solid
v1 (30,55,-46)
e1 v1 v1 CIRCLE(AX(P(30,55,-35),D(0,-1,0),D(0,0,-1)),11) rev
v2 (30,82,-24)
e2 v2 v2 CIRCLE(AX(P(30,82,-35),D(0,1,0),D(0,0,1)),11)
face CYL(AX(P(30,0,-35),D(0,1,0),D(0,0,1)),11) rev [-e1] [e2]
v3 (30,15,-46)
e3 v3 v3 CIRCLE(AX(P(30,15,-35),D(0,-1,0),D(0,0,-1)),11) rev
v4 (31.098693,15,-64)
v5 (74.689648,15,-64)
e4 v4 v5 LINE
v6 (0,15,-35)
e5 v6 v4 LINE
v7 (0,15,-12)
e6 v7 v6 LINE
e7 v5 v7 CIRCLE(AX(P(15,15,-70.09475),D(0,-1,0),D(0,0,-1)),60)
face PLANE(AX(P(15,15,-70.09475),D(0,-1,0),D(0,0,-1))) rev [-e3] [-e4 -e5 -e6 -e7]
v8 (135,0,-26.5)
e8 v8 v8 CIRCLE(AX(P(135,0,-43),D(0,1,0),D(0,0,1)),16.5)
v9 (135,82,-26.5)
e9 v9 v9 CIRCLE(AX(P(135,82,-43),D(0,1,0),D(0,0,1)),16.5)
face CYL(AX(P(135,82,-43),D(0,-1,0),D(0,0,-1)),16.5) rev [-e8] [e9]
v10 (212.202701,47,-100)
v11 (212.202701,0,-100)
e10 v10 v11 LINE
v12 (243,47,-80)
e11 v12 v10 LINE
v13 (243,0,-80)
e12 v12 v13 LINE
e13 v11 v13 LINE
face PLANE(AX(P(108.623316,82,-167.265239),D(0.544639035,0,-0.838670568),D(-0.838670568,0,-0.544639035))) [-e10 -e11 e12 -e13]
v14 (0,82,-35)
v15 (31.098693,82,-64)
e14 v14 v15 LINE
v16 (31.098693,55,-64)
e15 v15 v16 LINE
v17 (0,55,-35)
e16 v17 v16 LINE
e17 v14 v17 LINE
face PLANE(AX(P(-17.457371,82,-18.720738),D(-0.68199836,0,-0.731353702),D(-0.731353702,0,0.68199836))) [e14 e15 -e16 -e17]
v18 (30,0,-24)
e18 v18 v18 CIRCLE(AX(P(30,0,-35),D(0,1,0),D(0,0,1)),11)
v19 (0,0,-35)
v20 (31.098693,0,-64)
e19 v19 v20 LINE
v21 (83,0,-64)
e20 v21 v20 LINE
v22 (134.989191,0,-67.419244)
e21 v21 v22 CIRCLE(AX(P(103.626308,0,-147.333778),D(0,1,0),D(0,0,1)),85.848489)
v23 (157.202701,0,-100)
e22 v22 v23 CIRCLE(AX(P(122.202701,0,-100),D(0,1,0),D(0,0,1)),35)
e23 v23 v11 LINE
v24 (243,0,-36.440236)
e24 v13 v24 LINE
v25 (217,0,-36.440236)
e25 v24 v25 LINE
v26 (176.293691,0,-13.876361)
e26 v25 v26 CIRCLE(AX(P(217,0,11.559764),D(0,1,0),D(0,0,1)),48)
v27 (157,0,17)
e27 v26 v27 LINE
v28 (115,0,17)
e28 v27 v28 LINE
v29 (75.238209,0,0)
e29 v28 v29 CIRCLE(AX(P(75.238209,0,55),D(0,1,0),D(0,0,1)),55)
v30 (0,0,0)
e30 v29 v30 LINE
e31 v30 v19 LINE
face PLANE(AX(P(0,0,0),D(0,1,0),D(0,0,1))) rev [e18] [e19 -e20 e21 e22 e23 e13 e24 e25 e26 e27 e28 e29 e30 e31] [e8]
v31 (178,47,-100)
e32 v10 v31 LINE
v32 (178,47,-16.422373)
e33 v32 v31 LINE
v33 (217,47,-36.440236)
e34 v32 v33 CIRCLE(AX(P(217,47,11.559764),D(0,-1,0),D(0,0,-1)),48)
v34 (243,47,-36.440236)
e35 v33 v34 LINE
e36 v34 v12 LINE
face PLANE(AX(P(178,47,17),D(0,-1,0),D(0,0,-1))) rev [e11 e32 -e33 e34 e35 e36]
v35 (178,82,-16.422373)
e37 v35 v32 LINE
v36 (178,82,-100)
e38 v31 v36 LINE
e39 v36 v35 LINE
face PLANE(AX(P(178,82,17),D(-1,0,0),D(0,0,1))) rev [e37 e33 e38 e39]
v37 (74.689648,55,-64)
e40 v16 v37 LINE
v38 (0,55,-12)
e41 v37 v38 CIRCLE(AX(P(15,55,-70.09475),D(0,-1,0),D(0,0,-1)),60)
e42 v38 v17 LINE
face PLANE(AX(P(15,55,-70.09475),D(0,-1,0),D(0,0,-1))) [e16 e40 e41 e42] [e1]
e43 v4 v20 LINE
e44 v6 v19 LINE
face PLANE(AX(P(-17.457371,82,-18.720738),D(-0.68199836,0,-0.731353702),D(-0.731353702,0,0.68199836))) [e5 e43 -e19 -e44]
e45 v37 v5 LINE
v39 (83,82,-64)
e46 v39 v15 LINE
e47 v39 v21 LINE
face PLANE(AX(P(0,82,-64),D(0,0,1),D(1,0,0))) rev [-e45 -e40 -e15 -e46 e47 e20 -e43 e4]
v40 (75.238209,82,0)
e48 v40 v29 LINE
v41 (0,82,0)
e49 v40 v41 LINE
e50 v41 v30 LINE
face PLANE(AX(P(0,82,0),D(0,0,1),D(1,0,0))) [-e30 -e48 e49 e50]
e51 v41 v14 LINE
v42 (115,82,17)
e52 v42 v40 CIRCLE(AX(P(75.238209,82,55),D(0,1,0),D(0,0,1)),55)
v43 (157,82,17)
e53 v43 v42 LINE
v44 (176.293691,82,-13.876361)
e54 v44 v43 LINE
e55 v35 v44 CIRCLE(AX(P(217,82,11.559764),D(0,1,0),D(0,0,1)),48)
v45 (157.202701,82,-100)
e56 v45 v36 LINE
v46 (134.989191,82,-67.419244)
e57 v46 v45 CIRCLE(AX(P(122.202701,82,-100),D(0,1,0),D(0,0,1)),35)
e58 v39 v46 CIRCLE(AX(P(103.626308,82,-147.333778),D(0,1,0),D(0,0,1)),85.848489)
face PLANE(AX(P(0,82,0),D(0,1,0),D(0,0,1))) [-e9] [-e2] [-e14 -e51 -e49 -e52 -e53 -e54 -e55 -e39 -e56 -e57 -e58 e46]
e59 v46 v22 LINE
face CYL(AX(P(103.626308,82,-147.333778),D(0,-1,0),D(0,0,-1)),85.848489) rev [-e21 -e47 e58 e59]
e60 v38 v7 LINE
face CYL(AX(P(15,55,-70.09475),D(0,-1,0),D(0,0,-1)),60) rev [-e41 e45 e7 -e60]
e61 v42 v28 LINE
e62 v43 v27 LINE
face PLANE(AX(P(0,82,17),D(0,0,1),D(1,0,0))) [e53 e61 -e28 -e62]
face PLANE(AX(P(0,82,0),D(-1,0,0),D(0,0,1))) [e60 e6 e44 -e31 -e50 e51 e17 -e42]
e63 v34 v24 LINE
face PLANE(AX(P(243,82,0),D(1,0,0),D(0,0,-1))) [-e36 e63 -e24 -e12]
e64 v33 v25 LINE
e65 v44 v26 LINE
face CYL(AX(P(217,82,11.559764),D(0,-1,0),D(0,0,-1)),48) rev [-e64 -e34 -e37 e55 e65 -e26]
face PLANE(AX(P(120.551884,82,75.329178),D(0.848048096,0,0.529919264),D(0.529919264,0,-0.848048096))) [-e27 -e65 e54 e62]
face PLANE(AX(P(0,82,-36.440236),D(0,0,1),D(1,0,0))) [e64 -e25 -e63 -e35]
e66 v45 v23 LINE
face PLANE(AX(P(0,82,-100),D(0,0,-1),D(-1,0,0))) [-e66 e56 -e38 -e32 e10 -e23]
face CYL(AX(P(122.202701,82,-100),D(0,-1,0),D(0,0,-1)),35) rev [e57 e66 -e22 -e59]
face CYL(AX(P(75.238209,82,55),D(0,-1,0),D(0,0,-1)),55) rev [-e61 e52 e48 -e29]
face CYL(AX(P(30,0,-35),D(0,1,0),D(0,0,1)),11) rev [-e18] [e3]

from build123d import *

# Parameters (mm, degrees)
SKETCH1_R           = 16.5
BOSS_EXTRUDE1_DEPTH = 82
SKETCH2_R           = 11
CUT_EXTRUDE1_DEPTH  = 276.268959383
SKETCH5_W           = 65
SKETCH5_H           = 35
CUT_EXTRUDE2_DEPTH  = 282.890049487
CUT_EXTRUDE3_DEPTH  = 40


with BuildPart() as part:
    # Sketch1 → Boss-Extrude1 (new body)
    with BuildSketch(Plane(origin=(0, 0, 0), x_dir=(1, 0, 0), z_dir=(0, 1, 0))):
        with BuildLine():
            Line((212.202700724, 100), (157.202700724, 100))
            ThreePointArc((157.202700724, 100), (151.120923095, 80.283600356), (134.9891913, 67.419244043))
            ThreePointArc((134.9891913, 67.419244043), (109.260251558, 61.670356138), (83, 64))
            Line((83, 64), (31.098692591, 64))
            Line((31.098692591, 64), (0, 35))
            Line((0, 35), (0, 0))
            Line((0, 0), (75.238209296, 0))
            ThreePointArc((75.238209296, 0), (96.859957606, -4.428268766), (115, -17))
            Line((115, -17), (157, -17))
            Line((157, -17), (176.293691384, 13.876360515))
            ThreePointArc((176.293691384, 13.876360515), (193.729138228, 30.421981775), (217, 36.440235832))
            Line((217, 36.440235832), (243, 36.440235832))
            Line((243, 36.440235832), (243, 80))
            Line((243, 80), (212.202700724, 100))
        make_face()
        with Locations(Location((135, 43, 0), (0, 0, 270))):
            Circle(SKETCH1_R, mode=Mode.SUBTRACT)
    extrude(amount=BOSS_EXTRUDE1_DEPTH)

    # Sketch2 → Cut-Extrude1 (cut, through all)
    with BuildSketch(Plane(origin=(0, 82, 0), x_dir=(1, 0, 0), z_dir=(0, 1, 0))):
        with Locations(Location((30, 35, 0), (0, 0, 270))):
            Circle(SKETCH2_R)
    extrude(amount=-CUT_EXTRUDE1_DEPTH, mode=Mode.SUBTRACT)

    # Sketch5 → Cut-Extrude2 (cut, through all)
    with BuildSketch(Plane(origin=(0, 0, -100), x_dir=(-1, 0, 0), z_dir=(0, 0, -1))):
        with Locations((-210.5, 64.5)):
            Rectangle(SKETCH5_W, SKETCH5_H)
    extrude(amount=-CUT_EXTRUDE2_DEPTH, mode=Mode.SUBTRACT)

    # Sketch6 → Cut-Extrude3 (cut)
    with BuildSketch(Plane(origin=(0, 15, 0), x_dir=(-1, 0, 0), z_dir=(0, -1, 0))):
        with BuildLine():
            Line((0, 12), (0, 35))
            Line((0, 35), (-31.098692591, 64))
            Line((-31.098692591, 64), (-74.689647512, 64))
            ThreePointArc((-74.689647512, 64), (-49.282519579, 20.85341744), (0, 12))
        make_face()
    extrude(amount=-CUT_EXTRUDE3_DEPTH, mode=Mode.SUBTRACT)


solid = part.part
